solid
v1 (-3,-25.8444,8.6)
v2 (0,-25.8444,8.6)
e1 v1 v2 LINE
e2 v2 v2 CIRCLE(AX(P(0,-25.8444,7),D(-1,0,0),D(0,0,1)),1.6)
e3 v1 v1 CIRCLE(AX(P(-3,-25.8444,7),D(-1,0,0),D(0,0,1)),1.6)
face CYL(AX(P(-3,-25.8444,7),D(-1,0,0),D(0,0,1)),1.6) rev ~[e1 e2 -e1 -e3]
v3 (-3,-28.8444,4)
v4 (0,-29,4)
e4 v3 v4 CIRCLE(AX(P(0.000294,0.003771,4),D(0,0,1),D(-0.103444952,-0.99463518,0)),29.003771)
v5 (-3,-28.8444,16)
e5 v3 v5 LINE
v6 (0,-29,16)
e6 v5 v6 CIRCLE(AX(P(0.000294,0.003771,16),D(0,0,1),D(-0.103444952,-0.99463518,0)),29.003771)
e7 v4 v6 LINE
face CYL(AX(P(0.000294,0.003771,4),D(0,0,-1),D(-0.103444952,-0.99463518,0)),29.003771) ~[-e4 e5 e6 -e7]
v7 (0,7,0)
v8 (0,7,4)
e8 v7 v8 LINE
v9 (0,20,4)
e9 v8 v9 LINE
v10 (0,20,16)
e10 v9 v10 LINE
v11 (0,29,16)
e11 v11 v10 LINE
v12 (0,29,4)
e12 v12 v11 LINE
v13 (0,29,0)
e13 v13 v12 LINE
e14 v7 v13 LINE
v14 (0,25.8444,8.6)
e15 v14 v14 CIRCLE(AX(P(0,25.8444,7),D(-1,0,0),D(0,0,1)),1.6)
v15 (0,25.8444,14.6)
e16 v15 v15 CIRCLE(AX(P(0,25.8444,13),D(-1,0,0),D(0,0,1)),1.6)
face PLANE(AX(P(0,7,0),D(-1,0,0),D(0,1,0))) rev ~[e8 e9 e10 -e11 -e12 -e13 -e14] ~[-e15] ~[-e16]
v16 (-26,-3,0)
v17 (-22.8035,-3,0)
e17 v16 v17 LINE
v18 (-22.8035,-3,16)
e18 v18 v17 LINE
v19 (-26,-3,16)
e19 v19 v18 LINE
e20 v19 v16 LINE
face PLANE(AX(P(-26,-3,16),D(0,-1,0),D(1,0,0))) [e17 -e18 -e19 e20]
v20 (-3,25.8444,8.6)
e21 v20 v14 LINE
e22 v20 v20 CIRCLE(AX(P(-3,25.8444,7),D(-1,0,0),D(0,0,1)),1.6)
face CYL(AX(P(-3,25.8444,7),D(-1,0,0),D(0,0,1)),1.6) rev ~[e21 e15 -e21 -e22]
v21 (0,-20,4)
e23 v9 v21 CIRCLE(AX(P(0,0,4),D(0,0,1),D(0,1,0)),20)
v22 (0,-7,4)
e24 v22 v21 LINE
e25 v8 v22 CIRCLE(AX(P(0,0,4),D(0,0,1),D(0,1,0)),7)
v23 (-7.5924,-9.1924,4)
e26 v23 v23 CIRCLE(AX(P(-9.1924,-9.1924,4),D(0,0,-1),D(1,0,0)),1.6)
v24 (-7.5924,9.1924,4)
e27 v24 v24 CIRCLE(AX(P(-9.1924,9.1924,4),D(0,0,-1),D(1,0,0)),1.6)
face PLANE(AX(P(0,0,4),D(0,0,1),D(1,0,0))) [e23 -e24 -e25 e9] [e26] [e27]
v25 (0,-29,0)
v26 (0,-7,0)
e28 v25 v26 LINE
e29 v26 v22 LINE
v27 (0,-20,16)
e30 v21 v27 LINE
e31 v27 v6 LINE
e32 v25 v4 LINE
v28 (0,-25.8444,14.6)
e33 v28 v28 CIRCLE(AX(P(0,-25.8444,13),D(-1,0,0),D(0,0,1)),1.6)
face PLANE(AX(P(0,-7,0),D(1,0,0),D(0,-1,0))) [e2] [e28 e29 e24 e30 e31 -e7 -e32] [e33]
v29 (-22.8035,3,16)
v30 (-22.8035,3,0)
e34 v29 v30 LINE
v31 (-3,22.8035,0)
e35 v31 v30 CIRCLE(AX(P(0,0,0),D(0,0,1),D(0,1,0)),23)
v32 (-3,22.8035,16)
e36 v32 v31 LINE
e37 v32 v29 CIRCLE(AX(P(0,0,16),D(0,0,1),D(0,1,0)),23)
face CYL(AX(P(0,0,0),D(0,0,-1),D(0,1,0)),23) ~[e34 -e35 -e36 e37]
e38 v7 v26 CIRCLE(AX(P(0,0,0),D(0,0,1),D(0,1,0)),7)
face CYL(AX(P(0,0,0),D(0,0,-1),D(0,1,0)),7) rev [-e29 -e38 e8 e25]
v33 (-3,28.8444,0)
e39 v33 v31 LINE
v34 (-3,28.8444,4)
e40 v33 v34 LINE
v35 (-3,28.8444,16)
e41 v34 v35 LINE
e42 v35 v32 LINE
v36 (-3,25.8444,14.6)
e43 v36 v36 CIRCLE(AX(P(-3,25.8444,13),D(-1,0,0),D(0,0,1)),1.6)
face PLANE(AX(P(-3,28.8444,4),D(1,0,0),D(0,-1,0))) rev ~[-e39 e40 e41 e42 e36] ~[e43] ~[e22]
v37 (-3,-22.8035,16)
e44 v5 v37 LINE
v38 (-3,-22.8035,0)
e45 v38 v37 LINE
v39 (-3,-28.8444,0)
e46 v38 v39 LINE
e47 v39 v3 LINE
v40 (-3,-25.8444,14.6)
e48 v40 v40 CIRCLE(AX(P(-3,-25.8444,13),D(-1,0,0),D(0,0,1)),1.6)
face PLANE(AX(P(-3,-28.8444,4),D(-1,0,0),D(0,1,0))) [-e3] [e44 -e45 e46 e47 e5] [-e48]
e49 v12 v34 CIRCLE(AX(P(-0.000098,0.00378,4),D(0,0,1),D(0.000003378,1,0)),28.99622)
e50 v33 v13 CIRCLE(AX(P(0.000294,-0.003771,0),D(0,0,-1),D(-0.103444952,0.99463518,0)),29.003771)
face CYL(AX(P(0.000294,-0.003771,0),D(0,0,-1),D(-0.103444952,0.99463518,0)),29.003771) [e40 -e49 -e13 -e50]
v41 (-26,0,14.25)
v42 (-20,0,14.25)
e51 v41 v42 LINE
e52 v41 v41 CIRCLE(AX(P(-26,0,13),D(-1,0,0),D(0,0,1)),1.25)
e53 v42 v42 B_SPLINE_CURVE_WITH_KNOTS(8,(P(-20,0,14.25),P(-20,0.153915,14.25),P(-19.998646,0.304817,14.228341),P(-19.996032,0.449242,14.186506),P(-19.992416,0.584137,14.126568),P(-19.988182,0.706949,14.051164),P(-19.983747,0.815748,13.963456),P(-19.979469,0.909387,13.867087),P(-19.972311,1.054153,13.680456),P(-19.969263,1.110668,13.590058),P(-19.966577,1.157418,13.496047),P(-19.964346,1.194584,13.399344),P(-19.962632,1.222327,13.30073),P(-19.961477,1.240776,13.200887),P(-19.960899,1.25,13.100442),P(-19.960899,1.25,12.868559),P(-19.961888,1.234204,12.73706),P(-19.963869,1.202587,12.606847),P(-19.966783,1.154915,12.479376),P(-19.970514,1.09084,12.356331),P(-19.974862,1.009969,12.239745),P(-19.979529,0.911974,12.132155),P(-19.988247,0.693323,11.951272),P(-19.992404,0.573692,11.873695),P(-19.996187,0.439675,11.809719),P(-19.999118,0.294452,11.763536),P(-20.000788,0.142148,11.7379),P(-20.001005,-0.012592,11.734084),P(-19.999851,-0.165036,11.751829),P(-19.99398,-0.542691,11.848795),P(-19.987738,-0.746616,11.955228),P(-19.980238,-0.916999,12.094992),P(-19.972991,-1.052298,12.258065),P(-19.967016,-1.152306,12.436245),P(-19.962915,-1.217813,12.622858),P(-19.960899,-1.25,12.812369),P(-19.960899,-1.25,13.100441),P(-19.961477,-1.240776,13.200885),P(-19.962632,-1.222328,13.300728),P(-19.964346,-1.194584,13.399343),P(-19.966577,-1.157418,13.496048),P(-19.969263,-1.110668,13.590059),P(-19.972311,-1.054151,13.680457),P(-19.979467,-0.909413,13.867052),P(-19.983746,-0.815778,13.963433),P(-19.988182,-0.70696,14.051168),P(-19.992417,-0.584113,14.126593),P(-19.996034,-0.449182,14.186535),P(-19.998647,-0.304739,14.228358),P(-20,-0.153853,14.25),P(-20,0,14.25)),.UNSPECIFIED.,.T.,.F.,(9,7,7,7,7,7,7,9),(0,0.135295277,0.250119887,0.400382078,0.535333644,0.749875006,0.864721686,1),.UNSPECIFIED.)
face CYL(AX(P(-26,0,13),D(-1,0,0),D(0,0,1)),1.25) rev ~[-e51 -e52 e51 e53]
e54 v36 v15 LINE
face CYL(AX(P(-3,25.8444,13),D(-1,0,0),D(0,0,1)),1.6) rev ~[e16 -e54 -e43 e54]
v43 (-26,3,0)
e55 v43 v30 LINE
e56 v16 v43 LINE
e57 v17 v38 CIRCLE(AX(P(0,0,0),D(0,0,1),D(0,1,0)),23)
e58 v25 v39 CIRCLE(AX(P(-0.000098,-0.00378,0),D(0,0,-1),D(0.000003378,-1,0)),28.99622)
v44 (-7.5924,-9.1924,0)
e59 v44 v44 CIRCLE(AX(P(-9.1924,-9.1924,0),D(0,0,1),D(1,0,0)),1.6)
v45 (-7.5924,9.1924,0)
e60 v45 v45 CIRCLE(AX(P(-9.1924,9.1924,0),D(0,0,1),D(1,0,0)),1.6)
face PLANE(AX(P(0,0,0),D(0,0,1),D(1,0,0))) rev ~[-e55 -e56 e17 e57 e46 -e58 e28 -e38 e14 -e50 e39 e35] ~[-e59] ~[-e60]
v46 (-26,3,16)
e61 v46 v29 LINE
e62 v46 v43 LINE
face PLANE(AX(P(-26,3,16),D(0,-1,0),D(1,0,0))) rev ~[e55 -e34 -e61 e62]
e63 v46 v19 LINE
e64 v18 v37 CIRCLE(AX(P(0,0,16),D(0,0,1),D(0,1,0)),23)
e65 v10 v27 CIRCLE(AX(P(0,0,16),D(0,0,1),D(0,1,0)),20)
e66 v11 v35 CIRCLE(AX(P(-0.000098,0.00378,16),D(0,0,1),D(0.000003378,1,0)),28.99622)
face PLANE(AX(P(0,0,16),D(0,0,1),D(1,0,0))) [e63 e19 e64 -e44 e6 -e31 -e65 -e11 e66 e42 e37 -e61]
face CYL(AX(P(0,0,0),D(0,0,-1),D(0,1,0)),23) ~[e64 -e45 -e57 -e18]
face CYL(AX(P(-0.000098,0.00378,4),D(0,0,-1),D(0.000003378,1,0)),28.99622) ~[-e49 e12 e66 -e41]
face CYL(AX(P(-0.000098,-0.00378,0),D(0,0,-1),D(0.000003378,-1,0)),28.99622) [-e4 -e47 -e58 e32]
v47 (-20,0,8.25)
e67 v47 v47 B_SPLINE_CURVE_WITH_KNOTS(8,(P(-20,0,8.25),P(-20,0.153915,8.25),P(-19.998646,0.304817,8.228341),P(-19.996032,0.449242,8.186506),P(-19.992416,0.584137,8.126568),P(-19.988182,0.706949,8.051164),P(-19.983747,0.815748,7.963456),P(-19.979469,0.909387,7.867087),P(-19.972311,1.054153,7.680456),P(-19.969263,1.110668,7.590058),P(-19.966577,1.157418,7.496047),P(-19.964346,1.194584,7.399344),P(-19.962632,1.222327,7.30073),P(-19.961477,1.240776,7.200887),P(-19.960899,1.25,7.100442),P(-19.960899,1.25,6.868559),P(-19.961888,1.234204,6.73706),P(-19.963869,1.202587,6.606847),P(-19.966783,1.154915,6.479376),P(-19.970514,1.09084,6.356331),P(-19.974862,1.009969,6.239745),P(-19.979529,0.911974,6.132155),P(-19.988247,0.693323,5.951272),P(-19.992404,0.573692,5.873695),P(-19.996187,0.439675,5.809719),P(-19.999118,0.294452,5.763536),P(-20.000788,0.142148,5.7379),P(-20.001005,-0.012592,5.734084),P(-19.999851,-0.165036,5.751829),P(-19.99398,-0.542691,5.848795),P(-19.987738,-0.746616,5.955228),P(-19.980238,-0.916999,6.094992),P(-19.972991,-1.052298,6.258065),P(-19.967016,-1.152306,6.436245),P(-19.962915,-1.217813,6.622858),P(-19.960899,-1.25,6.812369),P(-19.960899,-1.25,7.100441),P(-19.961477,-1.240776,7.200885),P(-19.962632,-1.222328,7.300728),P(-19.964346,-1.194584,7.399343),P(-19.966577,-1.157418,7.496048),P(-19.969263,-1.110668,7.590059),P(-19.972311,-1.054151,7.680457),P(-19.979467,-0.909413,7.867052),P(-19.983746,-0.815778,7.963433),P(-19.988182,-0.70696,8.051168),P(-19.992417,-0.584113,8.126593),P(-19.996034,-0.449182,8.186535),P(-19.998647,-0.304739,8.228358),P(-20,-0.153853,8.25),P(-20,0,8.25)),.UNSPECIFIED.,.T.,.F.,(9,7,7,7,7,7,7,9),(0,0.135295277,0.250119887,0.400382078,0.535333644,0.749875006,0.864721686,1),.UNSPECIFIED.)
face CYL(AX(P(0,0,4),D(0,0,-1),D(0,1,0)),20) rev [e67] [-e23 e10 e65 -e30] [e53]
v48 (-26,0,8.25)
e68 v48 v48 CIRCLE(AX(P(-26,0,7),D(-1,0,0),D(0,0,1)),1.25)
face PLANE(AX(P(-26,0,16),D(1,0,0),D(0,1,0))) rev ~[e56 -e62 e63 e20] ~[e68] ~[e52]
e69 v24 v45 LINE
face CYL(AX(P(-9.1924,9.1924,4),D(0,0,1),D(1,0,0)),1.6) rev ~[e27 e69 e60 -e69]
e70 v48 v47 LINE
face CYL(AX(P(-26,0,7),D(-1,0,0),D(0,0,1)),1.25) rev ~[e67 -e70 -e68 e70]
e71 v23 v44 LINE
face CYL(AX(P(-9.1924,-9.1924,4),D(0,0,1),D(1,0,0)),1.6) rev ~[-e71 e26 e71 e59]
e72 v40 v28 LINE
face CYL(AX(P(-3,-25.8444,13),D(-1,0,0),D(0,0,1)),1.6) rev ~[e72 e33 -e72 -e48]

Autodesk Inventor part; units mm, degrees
ref_plane "YZ Plane" through (0, 0, 0) normal (1, 0, 0) x (0, 1, 0)
ref_plane "XZ Plane" through (0, 0, 0) normal (0, 1, 0) x (-1, 0, 0)
ref_plane "XY Plane" through (0, 0, 0) normal (0, 0, 1) x (1, 0, 0)
sketch "스케치1" plane through (0, 0, 0) normal (0, 0, 1) x (1, 0, 0)
  arc A0 (0, 7) -> (0, -7) centre (0, 0) ccw
  arc A1 (0, 23) -> (0, -23) centre (0, 0) ccw
  line L0 (0, 0) -> (0, 23)
  line L1 (0, 0) -> (0, -23)
  dimension "d0" = 14
  dimension "d1" = 46
extrude "돌출1" add sketch "스케치1" along normal blind 4 contours A0 L1 A1 L0
sketch "스케치2" plane through (0, 0, 4) normal (0, 0, 1) x (1, 0, 0)
  arc A0 (0, 20) -> (0, -20) centre (0, 0) ccw
  arc A1 (0, 23) -> (0, -23) centre (0, 0) ccw
  line L0 (0, 20) -> (0, 29)
  line L1 (0, 0) -> (0, -29)
  arc A2 (-3, -28.8444) -> (0, -29) centre (0, 0) ccw
  arc A3 (0, 29) -> (-3, 28.8444) centre (0, 0) ccw
  line L2 (-3, 28.8444) -> (-3, 19.7737)
  line L3 (-3, -19.7737) -> (-3, -22.8035)
  line L4 (-3, -28.8444) -> (-3, -19.7737)
  line L5 (-3, 19.7737) -> (-3, 28.8444)
  line L6 (-3, 22.8035) -> (-3, 19.7737)
  line L7 (-3, -19.7737) -> (-3, -28.8444)
  line L8 (0, -29) -> (0, -20)
  line L9 (0, 20) -> (0, 29)
  line L10 (0, 29) -> (0, 20)
  line L11 (0, -20) -> (0, -29)
  dimension "d4" = 40
  dimension "d5" = 46
  dimension "d6" = 29
  dimension "d7" = 29
extrude "돌출2" add sketch "스케치2" along normal blind 12
sketch "스케치3" plane through (-3, -28.8444, 4) normal (-1, 0, 0) x (0, 0, 1)
  line L0 (0, 51.6479) -> (12, 51.6479) projected
  line L1 (12, 57.6888) -> (12, 51.6479) projected
  line L2 (0, 57.6888) -> (12, 57.6888) projected
  line L3 (0, 57.6888) -> (0, 51.6479) projected
  line L4 (12, 6.0409) -> (0, 6.0409) projected
  line L5 (0, 6.0409) -> (0, 0) projected
  line L6 (0, 0) -> (12, 0) projected
  line L7 (12, 6.0409) -> (12, 0) projected
  circle A0 centre (9, 3) radius 1.6
  circle A1 centre (3, 3) radius 1.6
  circle A2 centre (9, 54.6888) radius 1.6
  circle A3 centre (3, 54.6888) radius 1.6
  point P0 (-4, 28.8444)
  dimension "d16" = 3.2
  dimension "d17" = 3.2
  dimension "d18" = 3.2
  dimension "d19" = 3.2
  dimension "d20" = 3
  dimension "d21" = 3
  dimension "d22" = 3
  dimension "d23" = 3
  dimension "d24" = 3
  dimension "d25" = 3
  dimension "d26" = 3
  dimension "d27" = 3
extrude "돌출3" cut sketch "스케치3" against normal up to surface (3 mm away) contours A0 | A1 | A2 | A3
sketch "스케치5" plane through (0, 0, 16) normal (0, 0, 1) x (1, 0, 0)
  circle A0 centre (0, 0) radius 23
  arc A1 (-3, 22.8035) -> (-3, -22.8035) centre (0, 0) ccw projected
  line L0 (-23, 0) -> (-26, 0)
  line L1 (-23, 0) -> (-20, 0) construction
  line L2 (-26, 0) -> (-26, -3)
  line L3 (-26, -3) -> (-22.8035, -3)
  line L4 (-26, 0) -> (-26, 3)
  line L5 (-26, 0) -> (-23, 0) construction
  line L6 (-26, 3) -> (-22.8035, 3)
  dimension "d36" = 46
  dimension "d37" = 3
  dimension "d38" = 180
  dimension "d39" = 3
  dimension "d40" = 90
  dimension "d41" = 90
  dimension "d42" = 3
  dimension "d43" = 90
extrude "돌출5" add sketch "스케치5" against normal blind 16 contours A0 L0 L4 L6 | L3 L2 L0 A0
sketch "스케치6" plane through (-26, -3, 16) normal (-1, 0, 0) x (0, 0, 1)
  line L0 (0, 6) -> (0, 0) projected
  line L1 (0, 6) -> (-16, 6) projected
  line L2 (-16, 0) -> (-16, 6) projected
  line L3 (0, 0) -> (-16, 0) projected
  circle A0 centre (-3, 3) radius 1.25
  circle A1 centre (-9, 3) radius 1.25
  point P0 (-16, 3)
  dimension "d46" = 2.5
  dimension "d47" = 2.5
  dimension "d48" = 3
  dimension "d49" = 7
  dimension "d50" = 3
  dimension "d51" = 3
extrude "돌출6" cut sketch "스케치6" against normal blind 8 contours A0 | A1
sketch "스케치7" plane through (0, 0, 4) normal (0, 0, 1) x (1, 0, 0)
  circle A0 centre (0, 0) radius 13
  line L0 (0, 0) -> (-9.1924, 9.1924)
  line L1 (0, 0) -> (13, 0) construction
  line L2 (0, 0) -> (-9.1924, -9.1924)
  line L3 (0, 0) -> (13, 0) construction
  circle A1 centre (-9.1924, 9.1924) radius 1.6
  circle A2 centre (-9.1924, -9.1924) radius 1.6
  dimension "d54" = 26
  dimension "d55" = 135
  dimension "d56" = 135
  dimension "d57" = 3.2
  dimension "d58" = 3.2
extrude "돌출7" cut sketch "스케치7" against normal up to surface (4 mm away) contours A1 L0 A0 | A0 A1 | A2 A0 | A0 L2 A2 | L0 A1 A0 | A0 A2 L2
sketch "스케치8" plane through (0, 0, 0) normal (0, 0, -1) x (-1, 0, 0)
  arc A0 (3, 22.8035) -> (0, 23) centre (0, 0) ccw projected
  line L0 (3, 28.8444) -> (3, 22.8035) projected
  arc A1 (3, 28.8444) -> (0, 29) centre (0, 0) ccw projected
  line L1 (0, 23) -> (0, 29) projected
  arc A2 (0, -23) -> (3, -22.8035) centre (0, 0) ccw projected
  line L2 (0, -29) -> (0, -23) projected
  arc A3 (0, -29) -> (3, -28.8444) centre (0, 0) ccw projected
  line L3 (3, -22.8035) -> (3, -28.8444) projected
extrude "돌출8" add sketch "스케치8" against normal blind 4
properties part number "조인트4링크2고정부" material "알루미늄 6061"
